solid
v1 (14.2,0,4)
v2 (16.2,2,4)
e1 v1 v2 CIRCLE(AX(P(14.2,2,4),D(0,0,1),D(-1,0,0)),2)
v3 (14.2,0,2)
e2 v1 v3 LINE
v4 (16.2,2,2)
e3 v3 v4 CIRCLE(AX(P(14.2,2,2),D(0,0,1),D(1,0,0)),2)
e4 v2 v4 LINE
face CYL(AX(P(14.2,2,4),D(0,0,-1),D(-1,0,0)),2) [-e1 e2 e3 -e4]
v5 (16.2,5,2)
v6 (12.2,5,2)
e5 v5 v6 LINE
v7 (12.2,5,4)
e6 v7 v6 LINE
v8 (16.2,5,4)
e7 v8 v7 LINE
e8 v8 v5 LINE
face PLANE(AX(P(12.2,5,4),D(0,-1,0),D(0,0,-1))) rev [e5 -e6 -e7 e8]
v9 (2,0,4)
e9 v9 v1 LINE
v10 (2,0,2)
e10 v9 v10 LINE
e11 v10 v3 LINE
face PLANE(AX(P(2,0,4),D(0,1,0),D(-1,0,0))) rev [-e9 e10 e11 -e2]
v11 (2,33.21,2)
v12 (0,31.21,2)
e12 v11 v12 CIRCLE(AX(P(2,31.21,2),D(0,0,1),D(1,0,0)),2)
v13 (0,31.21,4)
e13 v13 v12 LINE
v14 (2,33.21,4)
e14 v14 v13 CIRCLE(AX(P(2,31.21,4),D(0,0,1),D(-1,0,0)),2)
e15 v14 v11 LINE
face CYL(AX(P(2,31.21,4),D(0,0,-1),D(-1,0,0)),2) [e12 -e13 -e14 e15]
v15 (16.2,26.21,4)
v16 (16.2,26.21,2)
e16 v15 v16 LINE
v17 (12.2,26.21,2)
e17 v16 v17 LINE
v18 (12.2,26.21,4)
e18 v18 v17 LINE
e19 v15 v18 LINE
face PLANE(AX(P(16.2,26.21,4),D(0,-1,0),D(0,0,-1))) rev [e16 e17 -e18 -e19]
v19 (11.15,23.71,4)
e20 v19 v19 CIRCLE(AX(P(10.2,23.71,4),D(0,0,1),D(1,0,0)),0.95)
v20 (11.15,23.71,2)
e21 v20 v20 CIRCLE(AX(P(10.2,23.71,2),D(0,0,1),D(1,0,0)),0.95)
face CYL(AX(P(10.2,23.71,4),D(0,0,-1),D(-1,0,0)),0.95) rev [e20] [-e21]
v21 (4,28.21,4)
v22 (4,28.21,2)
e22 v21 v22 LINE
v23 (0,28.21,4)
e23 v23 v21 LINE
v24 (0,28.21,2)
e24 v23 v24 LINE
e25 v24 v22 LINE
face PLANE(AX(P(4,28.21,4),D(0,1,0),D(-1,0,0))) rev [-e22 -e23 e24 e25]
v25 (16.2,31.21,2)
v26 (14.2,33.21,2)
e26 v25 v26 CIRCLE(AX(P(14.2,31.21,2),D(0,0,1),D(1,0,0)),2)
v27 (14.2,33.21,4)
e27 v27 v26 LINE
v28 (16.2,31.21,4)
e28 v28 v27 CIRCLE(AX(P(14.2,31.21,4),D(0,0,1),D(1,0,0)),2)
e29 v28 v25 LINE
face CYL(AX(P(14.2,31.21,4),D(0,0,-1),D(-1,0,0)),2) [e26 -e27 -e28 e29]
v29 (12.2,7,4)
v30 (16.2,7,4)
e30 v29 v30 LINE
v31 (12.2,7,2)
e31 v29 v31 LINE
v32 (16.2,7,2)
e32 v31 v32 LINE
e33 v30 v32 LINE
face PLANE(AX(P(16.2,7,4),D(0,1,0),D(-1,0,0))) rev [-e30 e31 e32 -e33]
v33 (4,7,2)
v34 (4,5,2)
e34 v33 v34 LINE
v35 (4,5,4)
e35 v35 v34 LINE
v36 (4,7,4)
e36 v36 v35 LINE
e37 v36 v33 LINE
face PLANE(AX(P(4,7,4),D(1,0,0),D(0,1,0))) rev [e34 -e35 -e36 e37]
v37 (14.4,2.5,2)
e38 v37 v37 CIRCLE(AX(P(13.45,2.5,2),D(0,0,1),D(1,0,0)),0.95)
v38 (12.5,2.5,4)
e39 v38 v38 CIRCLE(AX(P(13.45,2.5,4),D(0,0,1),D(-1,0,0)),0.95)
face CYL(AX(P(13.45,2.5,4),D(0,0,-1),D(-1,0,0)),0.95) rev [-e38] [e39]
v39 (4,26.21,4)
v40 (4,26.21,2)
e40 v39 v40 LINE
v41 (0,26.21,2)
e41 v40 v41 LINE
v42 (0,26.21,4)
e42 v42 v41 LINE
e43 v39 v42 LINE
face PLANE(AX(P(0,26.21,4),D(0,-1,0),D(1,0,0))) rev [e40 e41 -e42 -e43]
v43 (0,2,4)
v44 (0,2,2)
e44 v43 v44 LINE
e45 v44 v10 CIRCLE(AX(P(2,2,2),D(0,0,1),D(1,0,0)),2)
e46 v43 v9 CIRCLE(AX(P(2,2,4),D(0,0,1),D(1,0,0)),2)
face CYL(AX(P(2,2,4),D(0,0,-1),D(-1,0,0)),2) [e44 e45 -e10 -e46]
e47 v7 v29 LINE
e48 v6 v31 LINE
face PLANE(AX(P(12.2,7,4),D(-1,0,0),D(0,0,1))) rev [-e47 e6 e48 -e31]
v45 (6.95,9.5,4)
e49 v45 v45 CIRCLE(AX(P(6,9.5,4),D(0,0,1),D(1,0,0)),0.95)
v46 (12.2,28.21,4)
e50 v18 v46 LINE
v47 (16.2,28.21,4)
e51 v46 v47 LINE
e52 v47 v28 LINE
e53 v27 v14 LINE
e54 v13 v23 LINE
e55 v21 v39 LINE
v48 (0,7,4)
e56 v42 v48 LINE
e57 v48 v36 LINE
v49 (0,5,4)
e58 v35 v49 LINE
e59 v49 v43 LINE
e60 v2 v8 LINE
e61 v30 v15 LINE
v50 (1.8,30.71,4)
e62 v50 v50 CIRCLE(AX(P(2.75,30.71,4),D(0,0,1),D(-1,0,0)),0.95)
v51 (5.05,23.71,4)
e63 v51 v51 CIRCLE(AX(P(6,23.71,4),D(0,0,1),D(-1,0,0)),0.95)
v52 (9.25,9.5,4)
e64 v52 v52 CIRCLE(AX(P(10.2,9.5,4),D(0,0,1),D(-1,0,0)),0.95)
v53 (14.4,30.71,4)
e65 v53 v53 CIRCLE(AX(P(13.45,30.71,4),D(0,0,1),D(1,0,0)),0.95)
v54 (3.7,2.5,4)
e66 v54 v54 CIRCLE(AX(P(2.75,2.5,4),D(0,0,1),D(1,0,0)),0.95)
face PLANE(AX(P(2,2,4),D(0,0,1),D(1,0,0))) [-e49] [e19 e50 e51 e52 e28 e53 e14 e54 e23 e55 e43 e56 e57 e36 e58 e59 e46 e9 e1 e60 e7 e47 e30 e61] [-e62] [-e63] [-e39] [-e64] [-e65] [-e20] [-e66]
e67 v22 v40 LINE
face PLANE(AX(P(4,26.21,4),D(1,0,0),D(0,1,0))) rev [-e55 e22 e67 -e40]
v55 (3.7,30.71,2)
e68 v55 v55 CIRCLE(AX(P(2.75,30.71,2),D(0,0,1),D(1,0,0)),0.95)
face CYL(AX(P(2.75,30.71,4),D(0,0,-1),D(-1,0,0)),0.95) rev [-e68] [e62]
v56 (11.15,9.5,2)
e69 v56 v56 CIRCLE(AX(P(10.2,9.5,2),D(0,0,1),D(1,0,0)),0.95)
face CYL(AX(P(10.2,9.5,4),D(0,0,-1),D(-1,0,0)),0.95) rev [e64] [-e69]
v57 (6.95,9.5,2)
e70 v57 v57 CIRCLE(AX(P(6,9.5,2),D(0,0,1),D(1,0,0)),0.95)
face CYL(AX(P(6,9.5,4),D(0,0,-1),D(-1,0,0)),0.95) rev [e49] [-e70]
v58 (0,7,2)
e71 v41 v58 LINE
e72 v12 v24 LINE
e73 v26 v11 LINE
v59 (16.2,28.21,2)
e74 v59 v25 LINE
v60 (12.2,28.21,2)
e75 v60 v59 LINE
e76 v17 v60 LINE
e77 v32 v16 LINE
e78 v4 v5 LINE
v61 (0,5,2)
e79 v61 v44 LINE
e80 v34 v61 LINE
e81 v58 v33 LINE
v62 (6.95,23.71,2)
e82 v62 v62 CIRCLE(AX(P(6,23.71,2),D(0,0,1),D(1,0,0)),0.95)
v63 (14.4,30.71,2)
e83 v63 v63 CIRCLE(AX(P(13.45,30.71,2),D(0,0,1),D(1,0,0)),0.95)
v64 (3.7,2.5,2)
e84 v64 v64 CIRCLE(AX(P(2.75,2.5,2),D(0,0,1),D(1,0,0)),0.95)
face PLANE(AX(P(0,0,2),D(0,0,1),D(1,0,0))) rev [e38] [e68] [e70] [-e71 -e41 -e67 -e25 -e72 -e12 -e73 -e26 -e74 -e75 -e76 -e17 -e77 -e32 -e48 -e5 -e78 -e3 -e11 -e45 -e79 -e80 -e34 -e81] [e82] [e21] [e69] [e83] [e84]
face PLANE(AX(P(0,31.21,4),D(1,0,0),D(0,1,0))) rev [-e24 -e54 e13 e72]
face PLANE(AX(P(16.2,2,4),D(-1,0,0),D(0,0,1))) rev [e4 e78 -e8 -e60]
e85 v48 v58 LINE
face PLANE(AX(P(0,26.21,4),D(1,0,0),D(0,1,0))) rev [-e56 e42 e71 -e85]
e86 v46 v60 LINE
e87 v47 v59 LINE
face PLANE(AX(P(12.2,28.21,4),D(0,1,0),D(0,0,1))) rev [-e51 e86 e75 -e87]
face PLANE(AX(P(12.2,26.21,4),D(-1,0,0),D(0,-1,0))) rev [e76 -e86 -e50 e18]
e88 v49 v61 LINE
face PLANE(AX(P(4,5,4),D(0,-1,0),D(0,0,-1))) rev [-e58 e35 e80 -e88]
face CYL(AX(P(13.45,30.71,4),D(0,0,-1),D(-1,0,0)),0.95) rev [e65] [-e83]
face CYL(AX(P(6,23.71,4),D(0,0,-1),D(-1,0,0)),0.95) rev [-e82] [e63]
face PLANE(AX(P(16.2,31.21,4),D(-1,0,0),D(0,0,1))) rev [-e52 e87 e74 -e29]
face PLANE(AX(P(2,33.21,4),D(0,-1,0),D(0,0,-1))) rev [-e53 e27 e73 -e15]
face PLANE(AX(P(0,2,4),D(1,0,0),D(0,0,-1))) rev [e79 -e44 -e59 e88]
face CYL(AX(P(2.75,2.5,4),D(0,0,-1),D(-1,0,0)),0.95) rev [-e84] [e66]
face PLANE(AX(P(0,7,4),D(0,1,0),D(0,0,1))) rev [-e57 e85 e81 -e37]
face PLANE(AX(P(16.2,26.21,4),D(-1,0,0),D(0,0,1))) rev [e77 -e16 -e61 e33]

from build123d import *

# Parameters (mm, degrees)
SKETCH1_R           = 0.95
BOSS_EXTRUDE1_DEPTH = 4
SKETCH2_W           = 16.2
SKETCH2_H           = 33.21
CUT_EXTRUDE2_DEPTH  = 2


with BuildPart() as part:
    # Sketch1 → Boss-Extrude1 (new body)
    with BuildSketch(Plane.XY):
        with BuildLine():
            Line((0, 26.21), (0, 7))
            Line((0, 7), (4, 7))
            Line((4, 7), (4, 5))
            Line((4, 5), (0, 5))
            Line((0, 5), (0, 2))
            ThreePointArc((0, 2), (0.585786438, 0.585786438), (2, 0))
            Line((2, 0), (14.2, 0))
            ThreePointArc((14.2, 0), (15.614213562, 0.585786438), (16.2, 2))
            Line((16.2, 2), (16.2, 5))
            Line((16.2, 5), (12.2, 5))
            Line((12.2, 5), (12.2, 7))
            Line((12.2, 7), (16.2, 7))
            Line((16.2, 7), (16.2, 26.21))
            Line((16.2, 26.21), (12.2, 26.21))
            Line((12.2, 26.21), (12.2, 28.21))
            Line((12.2, 28.21), (16.2, 28.21))
            Line((16.2, 28.21), (16.2, 31.21))
            ThreePointArc((16.2, 31.21), (15.614213562, 32.624213562), (14.2, 33.21))
            Line((14.2, 33.21), (2, 33.21))
            ThreePointArc((2, 33.21), (0.585786438, 32.624213562), (0, 31.21))
            Line((0, 31.21), (0, 28.21))
            Line((0, 28.21), (4, 28.21))
            Line((4, 28.21), (4, 26.21))
            Line((4, 26.21), (0, 26.21))
        make_face()
        with Locations((13.45, 2.5)):
            Circle(SKETCH1_R, mode=Mode.SUBTRACT)
        with Locations((10.2, 9.5)):
            Circle(SKETCH1_R, mode=Mode.SUBTRACT)
        with Locations((2.75, 30.71)):
            Circle(SKETCH1_R, mode=Mode.SUBTRACT)
        with Locations((6, 23.71)):
            Circle(SKETCH1_R, mode=Mode.SUBTRACT)
        with Locations((6, 9.5)):
            Circle(SKETCH1_R, mode=Mode.SUBTRACT)
        with Locations((2.75, 2.5)):
            Circle(SKETCH1_R, mode=Mode.SUBTRACT)
        with Locations((10.2, 23.71)):
            Circle(SKETCH1_R, mode=Mode.SUBTRACT)
        with Locations((13.45, 30.71)):
            Circle(SKETCH1_R, mode=Mode.SUBTRACT)
    extrude(amount=BOSS_EXTRUDE1_DEPTH)

    # Sketch2 → Cut-Extrude2 (cut)
    with BuildSketch(Plane.XY):
        with Locations((8.1, 16.605)):
            Rectangle(SKETCH2_W, SKETCH2_H)
    extrude(amount=CUT_EXTRUDE2_DEPTH, mode=Mode.SUBTRACT)


solid = part.part
